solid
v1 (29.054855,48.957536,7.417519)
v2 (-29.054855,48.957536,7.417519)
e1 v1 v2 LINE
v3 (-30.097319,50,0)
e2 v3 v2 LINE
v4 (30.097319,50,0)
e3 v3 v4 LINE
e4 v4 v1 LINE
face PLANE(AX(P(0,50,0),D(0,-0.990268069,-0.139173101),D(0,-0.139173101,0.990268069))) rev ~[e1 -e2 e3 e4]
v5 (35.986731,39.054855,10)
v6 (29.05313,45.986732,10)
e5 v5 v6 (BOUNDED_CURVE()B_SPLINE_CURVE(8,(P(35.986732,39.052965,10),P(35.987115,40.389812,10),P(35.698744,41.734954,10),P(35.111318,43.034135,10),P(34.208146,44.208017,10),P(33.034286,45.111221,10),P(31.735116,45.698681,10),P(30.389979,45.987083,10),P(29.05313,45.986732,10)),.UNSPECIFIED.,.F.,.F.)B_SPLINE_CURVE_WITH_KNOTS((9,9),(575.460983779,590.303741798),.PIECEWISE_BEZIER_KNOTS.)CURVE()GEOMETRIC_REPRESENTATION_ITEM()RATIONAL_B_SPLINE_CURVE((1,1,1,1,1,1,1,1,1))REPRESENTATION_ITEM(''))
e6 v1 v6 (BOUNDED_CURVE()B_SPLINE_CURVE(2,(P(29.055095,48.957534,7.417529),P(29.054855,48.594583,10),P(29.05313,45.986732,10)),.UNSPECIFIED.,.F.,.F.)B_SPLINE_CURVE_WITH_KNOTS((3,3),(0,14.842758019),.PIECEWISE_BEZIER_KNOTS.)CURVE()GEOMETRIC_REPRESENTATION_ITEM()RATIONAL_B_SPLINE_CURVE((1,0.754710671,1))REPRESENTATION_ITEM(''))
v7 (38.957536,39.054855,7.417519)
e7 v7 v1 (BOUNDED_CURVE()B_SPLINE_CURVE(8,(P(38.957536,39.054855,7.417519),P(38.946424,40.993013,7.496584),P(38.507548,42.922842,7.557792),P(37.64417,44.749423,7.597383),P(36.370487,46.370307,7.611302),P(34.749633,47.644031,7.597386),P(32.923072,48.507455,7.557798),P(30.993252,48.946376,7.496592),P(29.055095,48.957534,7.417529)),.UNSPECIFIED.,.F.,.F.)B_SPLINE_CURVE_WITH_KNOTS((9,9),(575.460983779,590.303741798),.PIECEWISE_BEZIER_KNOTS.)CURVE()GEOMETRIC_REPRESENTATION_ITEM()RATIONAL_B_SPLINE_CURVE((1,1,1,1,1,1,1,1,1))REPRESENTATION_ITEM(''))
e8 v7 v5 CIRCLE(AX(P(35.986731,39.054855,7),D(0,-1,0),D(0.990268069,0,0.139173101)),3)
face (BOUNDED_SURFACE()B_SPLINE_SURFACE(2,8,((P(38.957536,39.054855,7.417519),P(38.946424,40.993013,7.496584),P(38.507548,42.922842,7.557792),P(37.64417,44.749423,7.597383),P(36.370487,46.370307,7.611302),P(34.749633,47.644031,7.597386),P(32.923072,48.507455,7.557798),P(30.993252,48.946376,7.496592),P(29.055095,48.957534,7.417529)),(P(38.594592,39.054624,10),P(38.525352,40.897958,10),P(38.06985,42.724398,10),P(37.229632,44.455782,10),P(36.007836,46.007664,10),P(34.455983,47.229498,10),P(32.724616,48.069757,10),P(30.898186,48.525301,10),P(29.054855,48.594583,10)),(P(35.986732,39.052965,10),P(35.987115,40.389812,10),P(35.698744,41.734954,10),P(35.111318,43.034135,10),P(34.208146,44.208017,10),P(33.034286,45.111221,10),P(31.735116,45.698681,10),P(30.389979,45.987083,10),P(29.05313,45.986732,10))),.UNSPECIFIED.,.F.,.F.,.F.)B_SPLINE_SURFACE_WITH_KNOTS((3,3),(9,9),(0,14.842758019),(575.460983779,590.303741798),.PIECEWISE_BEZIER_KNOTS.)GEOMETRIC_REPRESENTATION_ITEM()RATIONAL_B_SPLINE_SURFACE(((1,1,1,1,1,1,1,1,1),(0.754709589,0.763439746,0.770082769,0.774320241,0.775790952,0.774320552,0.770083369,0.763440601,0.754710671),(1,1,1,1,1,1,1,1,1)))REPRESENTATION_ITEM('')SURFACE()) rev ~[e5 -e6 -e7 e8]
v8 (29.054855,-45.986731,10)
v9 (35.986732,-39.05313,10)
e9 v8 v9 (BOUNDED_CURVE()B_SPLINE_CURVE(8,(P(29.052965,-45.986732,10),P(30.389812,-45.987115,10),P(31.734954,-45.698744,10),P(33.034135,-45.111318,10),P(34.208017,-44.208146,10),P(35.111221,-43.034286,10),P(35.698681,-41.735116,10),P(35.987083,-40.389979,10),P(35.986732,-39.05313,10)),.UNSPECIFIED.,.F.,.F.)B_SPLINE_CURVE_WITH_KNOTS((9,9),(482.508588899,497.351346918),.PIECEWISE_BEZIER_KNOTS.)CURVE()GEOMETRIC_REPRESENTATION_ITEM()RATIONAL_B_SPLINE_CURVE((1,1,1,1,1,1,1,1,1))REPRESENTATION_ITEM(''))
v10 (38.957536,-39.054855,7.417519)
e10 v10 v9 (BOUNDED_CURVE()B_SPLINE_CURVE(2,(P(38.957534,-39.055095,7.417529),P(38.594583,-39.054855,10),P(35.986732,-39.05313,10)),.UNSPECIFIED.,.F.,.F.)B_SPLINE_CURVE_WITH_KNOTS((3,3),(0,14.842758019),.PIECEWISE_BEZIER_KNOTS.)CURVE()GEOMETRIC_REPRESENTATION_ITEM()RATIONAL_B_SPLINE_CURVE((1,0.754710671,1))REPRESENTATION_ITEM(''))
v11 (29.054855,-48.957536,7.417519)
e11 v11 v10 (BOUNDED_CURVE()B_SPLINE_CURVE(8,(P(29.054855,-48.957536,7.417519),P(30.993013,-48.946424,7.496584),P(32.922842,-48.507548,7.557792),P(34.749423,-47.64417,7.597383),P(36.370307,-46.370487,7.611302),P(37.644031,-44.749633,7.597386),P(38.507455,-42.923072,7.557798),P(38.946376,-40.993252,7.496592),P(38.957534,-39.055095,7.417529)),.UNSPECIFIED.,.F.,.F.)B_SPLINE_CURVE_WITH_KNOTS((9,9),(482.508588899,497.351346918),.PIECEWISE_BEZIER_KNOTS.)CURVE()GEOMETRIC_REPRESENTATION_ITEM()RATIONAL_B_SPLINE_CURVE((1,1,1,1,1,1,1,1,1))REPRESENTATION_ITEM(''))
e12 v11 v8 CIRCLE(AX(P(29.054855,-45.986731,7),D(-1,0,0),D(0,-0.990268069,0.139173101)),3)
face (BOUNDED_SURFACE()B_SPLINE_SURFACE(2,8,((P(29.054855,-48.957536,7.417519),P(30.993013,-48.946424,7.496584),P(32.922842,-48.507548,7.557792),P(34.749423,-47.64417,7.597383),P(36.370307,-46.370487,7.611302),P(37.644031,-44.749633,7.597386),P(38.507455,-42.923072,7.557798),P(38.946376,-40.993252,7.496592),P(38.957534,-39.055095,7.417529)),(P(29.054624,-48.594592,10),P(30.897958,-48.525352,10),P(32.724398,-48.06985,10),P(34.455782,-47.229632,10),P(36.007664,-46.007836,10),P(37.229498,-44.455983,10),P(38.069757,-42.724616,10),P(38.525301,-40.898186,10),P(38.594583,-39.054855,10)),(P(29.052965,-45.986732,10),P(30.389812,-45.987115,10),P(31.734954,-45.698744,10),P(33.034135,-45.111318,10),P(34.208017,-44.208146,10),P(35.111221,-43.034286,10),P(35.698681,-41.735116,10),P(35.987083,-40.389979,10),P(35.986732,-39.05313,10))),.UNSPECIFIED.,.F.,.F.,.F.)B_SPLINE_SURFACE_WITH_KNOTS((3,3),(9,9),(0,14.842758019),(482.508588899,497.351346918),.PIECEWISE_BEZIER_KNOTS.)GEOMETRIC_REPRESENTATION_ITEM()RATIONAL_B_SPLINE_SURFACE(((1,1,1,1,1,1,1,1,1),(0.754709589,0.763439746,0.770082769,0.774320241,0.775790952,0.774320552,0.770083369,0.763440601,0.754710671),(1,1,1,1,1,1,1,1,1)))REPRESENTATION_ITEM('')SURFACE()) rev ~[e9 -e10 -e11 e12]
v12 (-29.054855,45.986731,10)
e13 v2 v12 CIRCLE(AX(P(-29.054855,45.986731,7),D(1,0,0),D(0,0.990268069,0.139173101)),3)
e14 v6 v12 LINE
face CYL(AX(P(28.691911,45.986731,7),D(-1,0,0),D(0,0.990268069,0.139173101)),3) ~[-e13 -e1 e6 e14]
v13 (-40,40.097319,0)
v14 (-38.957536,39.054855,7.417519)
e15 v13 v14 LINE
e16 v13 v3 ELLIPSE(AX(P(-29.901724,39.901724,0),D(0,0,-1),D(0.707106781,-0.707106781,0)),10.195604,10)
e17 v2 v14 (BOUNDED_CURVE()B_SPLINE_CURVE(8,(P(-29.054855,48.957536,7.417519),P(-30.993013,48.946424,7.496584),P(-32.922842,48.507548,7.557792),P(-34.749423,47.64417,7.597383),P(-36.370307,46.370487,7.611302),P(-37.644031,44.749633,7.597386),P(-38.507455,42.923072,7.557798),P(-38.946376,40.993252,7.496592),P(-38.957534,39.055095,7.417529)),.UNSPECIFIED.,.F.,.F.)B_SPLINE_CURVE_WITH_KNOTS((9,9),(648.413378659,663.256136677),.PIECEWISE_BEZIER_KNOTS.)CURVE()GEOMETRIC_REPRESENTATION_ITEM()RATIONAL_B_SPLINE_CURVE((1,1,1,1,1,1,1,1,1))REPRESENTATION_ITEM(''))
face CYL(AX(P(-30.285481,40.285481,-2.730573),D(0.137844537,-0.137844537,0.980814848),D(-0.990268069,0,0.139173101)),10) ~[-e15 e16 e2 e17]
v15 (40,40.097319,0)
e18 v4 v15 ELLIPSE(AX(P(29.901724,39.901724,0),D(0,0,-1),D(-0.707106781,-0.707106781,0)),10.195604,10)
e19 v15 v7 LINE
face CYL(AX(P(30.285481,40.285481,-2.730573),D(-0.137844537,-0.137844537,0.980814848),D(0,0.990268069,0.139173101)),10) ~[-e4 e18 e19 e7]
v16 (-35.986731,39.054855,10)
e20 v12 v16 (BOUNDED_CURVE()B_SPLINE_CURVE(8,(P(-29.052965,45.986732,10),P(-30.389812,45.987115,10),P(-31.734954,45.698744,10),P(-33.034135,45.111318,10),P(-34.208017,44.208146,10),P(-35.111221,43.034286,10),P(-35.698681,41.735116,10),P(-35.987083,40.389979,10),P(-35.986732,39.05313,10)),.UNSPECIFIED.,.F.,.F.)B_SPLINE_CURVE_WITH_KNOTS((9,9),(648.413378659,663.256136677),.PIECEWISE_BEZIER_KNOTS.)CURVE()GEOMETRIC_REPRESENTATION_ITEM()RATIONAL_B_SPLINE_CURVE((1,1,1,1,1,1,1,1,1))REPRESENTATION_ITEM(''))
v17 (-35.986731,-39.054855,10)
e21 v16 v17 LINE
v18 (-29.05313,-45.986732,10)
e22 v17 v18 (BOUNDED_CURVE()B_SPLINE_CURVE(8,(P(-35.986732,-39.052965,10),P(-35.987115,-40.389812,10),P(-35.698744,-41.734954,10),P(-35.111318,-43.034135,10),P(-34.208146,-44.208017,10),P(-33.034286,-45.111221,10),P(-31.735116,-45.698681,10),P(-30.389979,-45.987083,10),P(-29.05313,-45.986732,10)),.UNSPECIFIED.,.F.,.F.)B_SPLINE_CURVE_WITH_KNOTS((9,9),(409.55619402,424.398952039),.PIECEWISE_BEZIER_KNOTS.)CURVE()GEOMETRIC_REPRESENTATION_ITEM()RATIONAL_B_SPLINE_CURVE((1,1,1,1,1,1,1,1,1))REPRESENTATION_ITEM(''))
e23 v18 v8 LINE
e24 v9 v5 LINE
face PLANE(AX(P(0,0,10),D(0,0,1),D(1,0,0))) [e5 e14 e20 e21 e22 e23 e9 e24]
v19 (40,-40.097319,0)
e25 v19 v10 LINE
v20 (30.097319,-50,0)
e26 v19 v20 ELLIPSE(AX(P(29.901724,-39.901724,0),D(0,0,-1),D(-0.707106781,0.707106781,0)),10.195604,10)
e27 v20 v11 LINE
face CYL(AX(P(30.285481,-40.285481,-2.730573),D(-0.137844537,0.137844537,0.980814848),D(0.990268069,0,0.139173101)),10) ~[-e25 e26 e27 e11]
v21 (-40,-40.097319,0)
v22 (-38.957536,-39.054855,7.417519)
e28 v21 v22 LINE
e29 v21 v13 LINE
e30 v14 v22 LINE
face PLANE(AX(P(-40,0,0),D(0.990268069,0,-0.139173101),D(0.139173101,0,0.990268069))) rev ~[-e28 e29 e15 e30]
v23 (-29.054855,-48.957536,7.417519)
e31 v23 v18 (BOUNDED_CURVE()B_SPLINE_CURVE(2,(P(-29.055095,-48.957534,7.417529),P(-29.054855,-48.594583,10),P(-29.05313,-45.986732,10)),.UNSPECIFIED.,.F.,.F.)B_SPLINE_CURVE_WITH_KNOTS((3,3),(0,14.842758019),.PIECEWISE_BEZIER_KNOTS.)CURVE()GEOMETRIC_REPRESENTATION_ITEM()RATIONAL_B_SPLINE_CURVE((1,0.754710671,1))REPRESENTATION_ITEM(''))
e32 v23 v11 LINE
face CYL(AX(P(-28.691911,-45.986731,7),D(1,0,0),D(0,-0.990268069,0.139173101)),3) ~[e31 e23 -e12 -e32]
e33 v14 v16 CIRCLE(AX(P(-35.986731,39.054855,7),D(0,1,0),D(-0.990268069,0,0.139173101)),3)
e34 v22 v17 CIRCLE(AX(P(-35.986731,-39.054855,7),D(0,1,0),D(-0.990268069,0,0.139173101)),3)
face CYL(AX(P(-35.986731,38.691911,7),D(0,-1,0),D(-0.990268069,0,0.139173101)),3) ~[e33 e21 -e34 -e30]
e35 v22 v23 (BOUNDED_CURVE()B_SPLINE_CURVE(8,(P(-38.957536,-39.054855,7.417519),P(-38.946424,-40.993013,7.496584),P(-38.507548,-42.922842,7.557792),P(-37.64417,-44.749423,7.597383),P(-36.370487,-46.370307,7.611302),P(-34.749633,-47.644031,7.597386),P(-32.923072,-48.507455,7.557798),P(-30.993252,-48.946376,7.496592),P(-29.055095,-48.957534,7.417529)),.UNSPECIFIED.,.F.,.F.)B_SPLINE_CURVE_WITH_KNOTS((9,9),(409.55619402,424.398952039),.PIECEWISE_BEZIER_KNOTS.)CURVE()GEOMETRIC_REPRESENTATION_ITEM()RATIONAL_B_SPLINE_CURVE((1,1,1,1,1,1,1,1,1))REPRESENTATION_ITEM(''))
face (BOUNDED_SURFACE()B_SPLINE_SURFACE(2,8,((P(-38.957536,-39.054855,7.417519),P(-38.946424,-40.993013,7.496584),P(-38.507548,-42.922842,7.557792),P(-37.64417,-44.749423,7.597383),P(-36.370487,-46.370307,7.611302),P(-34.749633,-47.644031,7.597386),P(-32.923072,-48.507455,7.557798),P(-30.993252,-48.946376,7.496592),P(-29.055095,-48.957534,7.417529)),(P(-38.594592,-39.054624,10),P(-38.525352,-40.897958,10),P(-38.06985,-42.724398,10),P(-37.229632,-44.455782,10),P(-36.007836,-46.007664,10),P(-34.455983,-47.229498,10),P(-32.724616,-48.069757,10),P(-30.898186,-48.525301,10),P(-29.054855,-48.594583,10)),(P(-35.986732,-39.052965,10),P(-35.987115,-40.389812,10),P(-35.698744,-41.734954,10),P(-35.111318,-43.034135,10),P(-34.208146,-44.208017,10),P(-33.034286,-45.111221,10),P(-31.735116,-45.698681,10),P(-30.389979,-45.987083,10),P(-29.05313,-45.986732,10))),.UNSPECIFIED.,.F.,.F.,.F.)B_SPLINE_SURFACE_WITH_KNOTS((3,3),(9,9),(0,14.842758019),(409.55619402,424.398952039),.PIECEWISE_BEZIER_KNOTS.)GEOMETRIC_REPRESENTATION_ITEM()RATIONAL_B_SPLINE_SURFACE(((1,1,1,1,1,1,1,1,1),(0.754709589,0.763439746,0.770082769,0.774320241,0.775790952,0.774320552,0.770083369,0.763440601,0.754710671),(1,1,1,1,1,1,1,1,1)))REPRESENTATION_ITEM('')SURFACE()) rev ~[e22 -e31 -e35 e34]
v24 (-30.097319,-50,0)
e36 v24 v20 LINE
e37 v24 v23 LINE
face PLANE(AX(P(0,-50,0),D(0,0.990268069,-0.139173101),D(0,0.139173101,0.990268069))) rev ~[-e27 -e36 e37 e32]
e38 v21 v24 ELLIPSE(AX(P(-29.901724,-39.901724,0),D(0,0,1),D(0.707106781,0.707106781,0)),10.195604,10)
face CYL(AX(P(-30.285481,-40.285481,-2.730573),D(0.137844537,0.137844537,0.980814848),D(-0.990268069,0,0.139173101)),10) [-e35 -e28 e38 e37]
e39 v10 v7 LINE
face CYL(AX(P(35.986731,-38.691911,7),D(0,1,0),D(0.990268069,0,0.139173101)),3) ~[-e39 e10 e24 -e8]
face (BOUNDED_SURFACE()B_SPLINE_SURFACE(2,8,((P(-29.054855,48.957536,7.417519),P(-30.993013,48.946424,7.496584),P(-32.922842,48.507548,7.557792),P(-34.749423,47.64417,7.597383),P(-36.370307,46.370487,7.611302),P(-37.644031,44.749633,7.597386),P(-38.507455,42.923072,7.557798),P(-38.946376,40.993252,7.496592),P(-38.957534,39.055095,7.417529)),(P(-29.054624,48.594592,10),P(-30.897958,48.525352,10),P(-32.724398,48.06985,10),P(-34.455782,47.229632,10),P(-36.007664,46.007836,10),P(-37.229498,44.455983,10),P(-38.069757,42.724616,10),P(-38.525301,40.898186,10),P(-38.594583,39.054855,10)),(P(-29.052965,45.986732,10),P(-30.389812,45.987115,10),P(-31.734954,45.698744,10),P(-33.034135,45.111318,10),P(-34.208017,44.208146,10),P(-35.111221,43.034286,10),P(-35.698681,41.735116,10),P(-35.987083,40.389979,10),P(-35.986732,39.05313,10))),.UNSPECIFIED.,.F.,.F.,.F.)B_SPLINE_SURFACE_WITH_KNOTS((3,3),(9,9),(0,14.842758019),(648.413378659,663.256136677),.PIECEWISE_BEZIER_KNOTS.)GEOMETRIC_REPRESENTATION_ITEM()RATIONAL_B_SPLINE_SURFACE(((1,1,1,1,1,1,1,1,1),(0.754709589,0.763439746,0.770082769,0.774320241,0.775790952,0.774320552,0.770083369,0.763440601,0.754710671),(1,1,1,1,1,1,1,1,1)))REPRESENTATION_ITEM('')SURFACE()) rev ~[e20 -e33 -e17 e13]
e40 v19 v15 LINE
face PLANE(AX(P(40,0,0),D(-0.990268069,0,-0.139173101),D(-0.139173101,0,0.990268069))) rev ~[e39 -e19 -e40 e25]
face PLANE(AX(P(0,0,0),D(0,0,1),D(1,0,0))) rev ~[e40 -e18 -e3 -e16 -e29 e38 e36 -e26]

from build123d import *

# Parameters (mm, degrees)
F0_W     = 80
F0_H     = 100
F1_DEPTH = 10
F1_TAPER = 8
F2_R     = 10
F3_R     = 3


with BuildPart() as f1:
    # F0 (on Top) → F1 (new body)
    with BuildSketch(Plane.XY):
        Rectangle(F0_W, F0_H)
    extrude(amount=F1_DEPTH, taper=F1_TAPER)

    # F2
    f2_edges = [f1.edges().sort_by_distance(p)[0] for p in [
        (-39.297296, -49.297296, 5),
        (39.297296, -49.297296, 5),
        (39.297296, 49.297296, 5),
        (-39.297296, 49.297296, 5),
    ]]
    fillet(f2_edges, radius=F2_R)

    # F3
    f3_edges = [f1.edges().sort_by_distance(p)[0] for p in [
        (-38.594592, 0, 10),
    ]]
    fillet(f3_edges, radius=F3_R)


solid = f1.part
